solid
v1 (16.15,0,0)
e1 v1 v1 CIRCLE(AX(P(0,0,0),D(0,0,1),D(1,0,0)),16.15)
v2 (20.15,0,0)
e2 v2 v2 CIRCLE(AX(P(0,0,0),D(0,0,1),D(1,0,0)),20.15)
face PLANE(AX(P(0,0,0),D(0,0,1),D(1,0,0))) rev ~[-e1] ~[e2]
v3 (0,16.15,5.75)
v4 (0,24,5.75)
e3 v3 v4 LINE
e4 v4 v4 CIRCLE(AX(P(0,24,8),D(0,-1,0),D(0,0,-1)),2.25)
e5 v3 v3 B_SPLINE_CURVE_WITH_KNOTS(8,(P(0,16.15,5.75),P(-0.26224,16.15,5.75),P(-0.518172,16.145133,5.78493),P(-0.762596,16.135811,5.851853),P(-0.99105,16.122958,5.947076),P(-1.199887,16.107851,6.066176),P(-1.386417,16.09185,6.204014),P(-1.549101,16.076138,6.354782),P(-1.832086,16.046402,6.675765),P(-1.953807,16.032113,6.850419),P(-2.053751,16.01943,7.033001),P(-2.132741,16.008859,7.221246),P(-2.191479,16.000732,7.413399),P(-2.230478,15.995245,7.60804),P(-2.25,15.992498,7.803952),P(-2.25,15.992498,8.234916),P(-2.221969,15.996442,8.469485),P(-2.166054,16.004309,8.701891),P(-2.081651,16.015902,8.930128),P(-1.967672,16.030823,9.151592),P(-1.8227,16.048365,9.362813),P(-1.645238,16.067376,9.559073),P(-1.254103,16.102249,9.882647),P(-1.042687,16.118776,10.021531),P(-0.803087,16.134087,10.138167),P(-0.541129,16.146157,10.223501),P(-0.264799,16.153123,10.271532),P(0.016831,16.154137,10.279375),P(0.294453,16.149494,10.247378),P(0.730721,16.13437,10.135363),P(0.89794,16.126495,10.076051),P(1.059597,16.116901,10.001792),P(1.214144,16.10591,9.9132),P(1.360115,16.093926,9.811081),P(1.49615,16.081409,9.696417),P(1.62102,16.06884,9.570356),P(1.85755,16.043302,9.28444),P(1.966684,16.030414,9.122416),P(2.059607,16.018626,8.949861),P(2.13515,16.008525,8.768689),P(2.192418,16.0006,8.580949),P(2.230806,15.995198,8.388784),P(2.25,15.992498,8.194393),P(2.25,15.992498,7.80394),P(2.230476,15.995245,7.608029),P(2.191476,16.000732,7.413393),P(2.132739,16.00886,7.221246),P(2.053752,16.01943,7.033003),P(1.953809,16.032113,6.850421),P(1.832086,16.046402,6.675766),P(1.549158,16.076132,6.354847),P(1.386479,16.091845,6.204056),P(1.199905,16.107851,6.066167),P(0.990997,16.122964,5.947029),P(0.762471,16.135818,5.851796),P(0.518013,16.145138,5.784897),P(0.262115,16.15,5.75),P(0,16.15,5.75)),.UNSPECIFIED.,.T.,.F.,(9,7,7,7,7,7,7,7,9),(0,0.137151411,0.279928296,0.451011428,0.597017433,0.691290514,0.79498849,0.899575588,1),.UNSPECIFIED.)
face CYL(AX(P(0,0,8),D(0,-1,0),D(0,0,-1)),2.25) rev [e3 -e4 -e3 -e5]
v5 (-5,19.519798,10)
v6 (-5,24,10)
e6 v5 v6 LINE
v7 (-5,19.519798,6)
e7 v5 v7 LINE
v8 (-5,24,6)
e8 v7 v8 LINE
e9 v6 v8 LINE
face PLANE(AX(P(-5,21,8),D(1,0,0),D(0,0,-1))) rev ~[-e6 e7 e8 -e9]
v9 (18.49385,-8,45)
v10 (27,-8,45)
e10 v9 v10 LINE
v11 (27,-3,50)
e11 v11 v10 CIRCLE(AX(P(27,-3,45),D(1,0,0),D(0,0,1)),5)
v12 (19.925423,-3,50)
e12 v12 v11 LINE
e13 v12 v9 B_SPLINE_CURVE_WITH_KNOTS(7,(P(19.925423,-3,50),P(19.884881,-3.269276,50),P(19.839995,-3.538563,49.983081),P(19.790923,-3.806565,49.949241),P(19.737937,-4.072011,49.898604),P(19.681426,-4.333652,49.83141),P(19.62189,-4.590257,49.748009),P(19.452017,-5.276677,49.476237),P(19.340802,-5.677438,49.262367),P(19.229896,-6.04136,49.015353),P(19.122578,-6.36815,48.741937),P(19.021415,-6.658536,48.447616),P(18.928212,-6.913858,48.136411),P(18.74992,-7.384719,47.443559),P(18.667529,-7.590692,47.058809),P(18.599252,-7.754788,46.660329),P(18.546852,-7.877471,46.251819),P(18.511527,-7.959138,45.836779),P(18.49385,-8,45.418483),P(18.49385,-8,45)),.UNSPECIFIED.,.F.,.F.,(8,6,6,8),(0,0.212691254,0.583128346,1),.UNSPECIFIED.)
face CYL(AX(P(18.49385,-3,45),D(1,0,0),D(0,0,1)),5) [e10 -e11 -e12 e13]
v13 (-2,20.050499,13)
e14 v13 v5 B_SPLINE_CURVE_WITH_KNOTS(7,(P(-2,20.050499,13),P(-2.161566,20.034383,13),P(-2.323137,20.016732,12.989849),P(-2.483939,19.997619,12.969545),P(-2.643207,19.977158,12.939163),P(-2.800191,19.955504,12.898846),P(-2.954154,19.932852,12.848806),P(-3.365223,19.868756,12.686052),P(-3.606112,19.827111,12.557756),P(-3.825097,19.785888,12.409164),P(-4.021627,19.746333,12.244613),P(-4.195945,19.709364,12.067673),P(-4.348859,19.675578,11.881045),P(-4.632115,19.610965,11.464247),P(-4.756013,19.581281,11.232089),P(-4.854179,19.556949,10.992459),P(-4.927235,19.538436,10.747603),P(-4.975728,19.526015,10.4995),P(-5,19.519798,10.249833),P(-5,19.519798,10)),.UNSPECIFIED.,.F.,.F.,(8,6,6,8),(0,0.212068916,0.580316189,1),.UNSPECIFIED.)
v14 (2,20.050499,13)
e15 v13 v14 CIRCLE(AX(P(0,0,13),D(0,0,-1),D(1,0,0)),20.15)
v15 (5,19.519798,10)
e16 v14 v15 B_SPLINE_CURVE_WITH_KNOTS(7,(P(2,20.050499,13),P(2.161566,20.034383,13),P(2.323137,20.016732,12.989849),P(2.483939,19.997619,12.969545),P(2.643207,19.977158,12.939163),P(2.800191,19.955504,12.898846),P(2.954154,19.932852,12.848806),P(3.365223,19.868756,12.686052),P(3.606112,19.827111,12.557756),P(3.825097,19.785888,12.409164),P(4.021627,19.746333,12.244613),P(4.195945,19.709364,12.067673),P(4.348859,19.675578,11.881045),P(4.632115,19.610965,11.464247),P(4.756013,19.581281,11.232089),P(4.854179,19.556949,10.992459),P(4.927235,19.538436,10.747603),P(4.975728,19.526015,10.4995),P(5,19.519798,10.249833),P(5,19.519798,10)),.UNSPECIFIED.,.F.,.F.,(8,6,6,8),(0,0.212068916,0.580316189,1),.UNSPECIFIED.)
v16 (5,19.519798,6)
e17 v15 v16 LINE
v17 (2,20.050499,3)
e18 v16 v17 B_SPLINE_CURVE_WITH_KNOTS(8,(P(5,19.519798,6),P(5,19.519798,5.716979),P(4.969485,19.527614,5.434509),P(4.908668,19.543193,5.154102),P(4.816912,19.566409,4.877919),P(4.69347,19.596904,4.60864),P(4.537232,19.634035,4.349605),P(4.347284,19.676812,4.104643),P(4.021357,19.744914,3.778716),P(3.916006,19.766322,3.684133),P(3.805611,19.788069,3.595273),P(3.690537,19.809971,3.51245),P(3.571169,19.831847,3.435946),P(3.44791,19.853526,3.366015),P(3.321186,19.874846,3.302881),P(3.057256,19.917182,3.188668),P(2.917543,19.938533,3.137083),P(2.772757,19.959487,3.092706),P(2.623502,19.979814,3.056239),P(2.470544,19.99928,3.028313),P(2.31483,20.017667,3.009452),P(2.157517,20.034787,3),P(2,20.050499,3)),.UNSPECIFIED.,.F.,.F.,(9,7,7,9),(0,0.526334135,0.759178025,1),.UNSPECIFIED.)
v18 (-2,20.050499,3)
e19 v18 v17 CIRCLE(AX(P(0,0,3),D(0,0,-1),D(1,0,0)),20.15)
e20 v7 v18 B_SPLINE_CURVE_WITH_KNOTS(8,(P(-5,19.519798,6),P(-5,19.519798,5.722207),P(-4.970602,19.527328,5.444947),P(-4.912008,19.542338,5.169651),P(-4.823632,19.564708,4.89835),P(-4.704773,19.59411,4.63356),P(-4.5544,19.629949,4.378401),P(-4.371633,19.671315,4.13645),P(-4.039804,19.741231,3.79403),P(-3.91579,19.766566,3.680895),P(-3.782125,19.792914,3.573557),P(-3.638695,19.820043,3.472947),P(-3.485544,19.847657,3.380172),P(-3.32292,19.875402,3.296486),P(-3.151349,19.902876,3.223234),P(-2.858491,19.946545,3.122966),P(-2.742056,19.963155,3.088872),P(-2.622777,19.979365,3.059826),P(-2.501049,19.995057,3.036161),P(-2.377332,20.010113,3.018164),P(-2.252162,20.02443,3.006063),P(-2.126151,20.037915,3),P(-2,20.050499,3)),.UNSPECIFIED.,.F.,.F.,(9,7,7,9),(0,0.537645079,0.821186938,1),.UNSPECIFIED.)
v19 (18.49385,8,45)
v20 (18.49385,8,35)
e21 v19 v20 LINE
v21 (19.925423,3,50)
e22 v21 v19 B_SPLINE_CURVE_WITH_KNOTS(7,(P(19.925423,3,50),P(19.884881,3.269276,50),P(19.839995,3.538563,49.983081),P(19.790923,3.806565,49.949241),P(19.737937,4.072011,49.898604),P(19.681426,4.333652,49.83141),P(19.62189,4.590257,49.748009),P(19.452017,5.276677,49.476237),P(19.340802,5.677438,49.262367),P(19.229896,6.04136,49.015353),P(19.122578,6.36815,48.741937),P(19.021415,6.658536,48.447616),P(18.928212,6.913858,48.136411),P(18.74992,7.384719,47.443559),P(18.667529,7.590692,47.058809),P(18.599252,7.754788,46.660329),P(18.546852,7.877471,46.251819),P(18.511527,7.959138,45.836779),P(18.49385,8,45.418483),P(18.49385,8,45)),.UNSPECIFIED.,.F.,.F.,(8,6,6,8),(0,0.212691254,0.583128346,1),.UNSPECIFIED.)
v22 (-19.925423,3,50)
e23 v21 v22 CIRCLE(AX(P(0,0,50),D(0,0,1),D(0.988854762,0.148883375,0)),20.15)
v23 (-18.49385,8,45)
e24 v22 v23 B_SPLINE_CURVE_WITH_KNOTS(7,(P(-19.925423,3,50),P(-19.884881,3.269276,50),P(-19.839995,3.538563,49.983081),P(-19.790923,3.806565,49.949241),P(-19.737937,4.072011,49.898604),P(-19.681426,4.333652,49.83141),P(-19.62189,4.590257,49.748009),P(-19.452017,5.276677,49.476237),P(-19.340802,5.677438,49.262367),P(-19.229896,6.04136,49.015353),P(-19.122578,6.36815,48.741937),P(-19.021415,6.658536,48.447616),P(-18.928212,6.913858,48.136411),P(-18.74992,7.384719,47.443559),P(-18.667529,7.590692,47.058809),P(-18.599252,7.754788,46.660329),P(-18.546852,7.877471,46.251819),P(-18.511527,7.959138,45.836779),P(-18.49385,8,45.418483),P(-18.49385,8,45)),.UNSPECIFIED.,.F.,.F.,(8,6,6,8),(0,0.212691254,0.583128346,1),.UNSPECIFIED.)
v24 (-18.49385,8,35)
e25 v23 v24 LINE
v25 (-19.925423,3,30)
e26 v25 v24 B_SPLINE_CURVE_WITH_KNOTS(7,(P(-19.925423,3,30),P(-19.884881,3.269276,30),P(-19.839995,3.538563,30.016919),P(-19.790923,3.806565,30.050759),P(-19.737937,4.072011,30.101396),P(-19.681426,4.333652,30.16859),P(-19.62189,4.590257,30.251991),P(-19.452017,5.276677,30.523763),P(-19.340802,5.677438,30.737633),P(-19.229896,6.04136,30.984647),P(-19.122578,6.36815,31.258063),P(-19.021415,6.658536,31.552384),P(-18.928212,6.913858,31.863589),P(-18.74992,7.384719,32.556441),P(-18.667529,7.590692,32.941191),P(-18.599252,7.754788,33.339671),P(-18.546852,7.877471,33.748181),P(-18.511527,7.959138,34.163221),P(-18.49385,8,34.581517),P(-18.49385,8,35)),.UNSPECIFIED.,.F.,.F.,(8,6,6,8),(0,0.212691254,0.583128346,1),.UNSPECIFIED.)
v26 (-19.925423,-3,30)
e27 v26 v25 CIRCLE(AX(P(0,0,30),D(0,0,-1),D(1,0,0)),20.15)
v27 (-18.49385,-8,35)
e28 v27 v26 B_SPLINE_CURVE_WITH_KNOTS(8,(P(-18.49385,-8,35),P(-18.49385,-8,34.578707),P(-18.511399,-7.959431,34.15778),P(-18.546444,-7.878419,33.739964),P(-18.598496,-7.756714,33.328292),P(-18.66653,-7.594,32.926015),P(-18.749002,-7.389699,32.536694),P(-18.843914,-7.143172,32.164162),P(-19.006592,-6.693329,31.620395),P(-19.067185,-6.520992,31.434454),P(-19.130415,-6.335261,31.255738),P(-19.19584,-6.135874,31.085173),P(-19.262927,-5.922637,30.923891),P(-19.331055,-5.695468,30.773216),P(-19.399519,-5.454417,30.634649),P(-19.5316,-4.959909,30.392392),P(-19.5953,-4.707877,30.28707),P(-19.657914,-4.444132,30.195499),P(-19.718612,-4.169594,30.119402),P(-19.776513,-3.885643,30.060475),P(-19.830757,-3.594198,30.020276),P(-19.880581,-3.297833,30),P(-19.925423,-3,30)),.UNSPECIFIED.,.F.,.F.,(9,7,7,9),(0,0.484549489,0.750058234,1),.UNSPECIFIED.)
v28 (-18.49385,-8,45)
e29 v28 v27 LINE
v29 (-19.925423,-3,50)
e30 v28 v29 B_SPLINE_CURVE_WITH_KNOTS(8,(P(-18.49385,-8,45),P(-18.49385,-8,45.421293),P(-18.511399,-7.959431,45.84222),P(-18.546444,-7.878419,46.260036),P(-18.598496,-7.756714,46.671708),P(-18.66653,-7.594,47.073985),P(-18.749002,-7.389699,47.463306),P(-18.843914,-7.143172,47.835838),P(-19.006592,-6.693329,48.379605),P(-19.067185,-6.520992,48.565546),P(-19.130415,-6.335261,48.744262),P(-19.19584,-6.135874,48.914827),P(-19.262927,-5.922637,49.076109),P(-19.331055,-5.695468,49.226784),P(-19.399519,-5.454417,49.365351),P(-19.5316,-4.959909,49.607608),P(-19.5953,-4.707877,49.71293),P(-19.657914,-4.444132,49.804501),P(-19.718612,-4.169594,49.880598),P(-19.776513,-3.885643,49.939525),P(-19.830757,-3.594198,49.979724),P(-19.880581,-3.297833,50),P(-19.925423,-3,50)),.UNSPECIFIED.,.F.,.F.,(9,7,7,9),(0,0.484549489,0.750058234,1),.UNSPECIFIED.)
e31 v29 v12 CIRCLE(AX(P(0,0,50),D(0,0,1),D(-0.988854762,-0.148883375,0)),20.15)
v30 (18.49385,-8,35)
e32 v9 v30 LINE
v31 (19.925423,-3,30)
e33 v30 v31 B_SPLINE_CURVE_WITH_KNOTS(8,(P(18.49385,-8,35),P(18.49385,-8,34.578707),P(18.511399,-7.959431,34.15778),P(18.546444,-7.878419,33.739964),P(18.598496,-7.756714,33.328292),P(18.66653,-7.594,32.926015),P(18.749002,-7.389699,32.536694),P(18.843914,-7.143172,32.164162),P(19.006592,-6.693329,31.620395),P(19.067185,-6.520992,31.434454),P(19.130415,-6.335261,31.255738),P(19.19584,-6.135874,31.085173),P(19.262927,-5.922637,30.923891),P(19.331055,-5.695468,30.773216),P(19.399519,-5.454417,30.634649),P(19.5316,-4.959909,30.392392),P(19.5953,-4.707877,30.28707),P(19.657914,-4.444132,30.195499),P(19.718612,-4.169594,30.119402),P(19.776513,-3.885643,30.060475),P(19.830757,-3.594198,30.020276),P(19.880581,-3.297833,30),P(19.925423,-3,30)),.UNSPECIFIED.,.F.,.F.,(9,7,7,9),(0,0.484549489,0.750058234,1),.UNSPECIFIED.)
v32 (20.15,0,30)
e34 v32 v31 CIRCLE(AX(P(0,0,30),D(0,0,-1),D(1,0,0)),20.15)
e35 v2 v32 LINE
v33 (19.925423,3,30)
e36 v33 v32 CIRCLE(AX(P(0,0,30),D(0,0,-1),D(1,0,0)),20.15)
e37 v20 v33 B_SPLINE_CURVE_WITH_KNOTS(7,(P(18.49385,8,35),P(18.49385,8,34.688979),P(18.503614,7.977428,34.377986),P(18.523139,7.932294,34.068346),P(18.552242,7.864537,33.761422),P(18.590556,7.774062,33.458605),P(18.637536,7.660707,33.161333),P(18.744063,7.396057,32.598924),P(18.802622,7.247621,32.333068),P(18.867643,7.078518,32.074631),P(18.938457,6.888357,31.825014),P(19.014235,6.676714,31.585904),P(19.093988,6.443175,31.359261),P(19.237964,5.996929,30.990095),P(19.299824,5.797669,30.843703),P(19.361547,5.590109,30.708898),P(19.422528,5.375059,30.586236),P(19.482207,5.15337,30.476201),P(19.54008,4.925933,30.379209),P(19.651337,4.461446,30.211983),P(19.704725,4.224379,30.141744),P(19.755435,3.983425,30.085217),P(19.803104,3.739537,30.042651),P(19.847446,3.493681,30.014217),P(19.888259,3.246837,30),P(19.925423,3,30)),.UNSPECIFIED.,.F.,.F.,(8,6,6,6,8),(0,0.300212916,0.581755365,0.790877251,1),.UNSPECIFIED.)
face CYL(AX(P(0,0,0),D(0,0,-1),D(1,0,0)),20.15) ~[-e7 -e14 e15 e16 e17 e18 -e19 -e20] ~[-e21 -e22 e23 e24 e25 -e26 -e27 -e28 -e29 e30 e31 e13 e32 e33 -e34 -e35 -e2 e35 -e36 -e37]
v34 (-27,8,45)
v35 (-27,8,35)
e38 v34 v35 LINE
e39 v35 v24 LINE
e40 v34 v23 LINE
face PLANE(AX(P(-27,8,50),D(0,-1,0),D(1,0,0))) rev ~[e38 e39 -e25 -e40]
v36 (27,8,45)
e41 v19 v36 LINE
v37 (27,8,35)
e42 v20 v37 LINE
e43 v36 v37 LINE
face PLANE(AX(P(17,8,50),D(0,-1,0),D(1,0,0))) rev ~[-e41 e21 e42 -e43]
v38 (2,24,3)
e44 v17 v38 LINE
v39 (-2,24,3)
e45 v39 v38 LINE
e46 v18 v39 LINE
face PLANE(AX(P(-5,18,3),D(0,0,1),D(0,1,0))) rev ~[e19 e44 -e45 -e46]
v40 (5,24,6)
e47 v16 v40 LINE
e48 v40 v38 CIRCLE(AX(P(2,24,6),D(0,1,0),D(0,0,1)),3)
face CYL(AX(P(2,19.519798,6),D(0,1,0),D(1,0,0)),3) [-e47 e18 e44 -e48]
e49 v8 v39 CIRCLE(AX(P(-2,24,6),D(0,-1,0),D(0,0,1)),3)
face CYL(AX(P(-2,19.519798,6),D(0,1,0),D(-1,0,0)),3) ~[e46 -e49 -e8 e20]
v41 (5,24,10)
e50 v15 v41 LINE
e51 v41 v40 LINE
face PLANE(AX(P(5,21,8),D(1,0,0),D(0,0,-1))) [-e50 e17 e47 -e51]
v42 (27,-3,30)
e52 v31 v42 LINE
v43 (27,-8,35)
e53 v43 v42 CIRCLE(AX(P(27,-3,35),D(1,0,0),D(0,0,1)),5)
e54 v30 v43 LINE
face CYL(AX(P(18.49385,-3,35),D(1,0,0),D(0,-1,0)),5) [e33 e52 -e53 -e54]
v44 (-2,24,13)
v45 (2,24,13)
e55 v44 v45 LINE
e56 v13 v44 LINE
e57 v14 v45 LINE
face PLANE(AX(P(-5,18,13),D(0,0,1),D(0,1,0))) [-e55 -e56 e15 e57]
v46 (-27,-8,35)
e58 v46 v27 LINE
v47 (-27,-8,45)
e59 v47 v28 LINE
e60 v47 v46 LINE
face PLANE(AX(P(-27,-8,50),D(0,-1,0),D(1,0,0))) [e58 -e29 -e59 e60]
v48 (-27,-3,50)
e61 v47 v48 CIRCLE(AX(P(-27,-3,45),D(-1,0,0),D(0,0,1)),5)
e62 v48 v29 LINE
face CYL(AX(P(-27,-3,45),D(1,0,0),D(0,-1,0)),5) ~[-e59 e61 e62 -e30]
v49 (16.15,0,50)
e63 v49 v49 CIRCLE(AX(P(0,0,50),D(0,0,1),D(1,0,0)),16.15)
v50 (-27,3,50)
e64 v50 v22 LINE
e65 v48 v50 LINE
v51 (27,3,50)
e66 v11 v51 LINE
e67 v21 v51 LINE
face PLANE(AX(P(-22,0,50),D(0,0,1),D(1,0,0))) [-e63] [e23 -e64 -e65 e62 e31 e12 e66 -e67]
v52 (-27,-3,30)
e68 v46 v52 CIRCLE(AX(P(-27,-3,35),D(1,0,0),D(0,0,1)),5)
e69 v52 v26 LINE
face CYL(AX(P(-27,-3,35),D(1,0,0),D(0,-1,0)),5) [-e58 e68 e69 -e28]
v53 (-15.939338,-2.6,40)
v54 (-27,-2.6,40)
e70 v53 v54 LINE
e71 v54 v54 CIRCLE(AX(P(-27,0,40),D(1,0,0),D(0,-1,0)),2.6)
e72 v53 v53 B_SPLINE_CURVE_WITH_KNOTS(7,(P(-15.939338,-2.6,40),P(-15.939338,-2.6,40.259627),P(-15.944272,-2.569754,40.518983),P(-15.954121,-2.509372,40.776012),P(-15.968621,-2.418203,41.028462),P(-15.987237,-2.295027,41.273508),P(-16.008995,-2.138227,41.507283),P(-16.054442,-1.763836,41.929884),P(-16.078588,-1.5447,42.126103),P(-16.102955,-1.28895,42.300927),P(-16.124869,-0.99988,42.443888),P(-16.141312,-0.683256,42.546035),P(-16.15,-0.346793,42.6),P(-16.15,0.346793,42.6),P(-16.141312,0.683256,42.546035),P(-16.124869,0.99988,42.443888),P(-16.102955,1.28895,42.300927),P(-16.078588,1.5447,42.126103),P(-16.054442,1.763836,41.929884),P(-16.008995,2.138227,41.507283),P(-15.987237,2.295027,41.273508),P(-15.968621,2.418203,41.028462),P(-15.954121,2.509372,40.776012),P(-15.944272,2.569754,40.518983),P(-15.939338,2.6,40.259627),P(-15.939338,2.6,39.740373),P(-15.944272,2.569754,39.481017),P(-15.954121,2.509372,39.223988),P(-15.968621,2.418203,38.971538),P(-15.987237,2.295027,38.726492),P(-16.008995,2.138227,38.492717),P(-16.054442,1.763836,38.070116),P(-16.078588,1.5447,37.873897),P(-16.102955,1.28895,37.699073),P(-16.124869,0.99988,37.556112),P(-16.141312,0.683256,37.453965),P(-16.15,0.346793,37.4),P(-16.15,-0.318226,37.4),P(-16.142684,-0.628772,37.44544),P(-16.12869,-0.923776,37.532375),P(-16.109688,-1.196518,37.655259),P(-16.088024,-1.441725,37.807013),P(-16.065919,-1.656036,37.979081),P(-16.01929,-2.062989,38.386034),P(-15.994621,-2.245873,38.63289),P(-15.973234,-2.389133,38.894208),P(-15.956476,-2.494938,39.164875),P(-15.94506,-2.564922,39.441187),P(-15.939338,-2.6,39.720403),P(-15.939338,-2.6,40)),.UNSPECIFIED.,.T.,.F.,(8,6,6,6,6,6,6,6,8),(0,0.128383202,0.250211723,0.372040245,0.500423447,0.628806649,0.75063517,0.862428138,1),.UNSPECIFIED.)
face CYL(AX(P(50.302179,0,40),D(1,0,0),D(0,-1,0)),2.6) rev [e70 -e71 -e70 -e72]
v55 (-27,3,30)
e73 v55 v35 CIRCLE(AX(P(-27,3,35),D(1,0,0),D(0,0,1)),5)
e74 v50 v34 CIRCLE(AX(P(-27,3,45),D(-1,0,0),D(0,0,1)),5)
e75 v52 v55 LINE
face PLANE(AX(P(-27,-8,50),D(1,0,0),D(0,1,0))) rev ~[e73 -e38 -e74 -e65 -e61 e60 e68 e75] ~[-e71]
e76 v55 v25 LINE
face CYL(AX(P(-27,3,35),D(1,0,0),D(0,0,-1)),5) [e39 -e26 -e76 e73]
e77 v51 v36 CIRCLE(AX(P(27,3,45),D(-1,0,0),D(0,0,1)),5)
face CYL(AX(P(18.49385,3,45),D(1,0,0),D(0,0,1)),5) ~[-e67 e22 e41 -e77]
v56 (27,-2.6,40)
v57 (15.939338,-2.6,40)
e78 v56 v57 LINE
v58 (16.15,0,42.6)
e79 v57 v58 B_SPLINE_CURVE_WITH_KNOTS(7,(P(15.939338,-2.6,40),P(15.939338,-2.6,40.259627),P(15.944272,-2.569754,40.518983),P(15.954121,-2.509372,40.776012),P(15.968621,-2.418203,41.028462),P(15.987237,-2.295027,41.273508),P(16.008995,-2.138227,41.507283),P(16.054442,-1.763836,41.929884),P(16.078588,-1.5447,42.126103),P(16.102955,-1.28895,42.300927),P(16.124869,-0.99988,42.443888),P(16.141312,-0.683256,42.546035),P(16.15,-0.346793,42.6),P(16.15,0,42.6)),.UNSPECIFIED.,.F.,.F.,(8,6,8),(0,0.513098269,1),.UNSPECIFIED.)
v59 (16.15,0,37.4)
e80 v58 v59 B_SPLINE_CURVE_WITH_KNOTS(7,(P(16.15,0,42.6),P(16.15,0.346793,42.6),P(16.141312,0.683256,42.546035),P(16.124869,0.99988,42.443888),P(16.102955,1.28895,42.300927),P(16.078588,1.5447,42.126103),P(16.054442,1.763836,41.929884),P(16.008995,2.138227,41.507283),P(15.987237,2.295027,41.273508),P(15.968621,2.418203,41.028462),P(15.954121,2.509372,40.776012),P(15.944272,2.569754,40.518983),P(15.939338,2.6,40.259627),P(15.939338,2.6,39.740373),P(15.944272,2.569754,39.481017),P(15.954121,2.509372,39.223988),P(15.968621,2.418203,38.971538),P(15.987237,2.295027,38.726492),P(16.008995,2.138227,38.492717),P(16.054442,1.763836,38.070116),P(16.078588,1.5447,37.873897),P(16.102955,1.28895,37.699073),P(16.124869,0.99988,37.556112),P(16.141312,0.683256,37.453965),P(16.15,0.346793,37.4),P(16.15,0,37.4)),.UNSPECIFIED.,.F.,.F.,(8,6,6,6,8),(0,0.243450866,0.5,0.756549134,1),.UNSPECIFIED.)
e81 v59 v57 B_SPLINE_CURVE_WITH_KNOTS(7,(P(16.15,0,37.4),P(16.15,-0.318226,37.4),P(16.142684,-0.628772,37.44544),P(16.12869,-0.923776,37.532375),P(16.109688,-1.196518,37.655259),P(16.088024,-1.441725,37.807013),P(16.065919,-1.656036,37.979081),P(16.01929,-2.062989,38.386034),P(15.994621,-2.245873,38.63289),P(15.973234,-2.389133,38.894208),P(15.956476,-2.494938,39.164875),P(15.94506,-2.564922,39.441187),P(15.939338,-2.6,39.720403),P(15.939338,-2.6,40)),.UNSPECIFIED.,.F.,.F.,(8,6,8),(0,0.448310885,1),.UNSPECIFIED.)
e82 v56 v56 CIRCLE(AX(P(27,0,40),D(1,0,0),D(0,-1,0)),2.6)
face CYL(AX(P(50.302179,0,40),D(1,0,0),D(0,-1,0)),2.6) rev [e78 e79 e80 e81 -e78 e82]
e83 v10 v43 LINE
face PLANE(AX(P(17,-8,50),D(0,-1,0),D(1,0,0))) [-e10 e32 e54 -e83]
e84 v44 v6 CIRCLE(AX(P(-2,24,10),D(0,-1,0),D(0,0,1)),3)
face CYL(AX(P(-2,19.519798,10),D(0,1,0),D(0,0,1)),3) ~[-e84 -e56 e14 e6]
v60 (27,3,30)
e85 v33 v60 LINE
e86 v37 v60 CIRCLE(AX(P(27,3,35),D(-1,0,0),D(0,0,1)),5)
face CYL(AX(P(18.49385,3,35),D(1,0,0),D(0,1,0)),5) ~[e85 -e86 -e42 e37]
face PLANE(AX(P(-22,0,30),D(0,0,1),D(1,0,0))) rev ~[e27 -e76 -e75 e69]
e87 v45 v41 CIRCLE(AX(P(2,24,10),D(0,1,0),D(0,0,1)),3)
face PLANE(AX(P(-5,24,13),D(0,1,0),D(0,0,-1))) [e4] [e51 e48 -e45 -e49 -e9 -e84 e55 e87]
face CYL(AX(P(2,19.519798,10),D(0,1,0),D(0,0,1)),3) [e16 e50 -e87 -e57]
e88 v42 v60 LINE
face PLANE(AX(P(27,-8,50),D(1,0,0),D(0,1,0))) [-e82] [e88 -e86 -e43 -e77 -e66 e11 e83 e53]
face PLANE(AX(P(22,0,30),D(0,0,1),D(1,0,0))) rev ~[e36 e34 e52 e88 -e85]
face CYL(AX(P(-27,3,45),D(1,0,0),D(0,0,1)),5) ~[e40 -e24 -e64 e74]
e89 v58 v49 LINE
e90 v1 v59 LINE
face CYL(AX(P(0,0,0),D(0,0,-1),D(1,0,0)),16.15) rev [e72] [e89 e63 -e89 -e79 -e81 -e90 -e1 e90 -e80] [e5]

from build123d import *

# Parameters (mm, degrees)
ESQUISSE1_R                  = 20.15
ESQUISSE1_R_2                = 16.15
BOSS_EXTRU_1_DEPTH           = 50
ESQUISSE2_W                  = 10
ESQUISSE2_H                  = 16
BOSS_EXTRU_2_DEPTH           = 20
ENL_V_MAT_EXTRU_1_DEPTH      = 77.302178868
ENL_V_MAT_EXTRU_1_DEPTH_BACK = 77.302178868
ESQUISSE3_R                  = 2.6
CONG_1_R                     = 5
BOSS_EXTRU_3_DEPTH           = 5
BOSS_EXTRU_3_DEPTH_BACK      = 5
ESQUISSE5_W                  = 10
ESQUISSE5_H                  = 6
ESQUISSE4_R                  = 2.25
ENL_V_MAT_EXTRU_2_DEPTH      = 62.684682178
CONG_2_R                     = 3


with BuildPart() as part:
    # Esquisse1 → Boss.-Extru.1 (new body)
    with BuildSketch(Plane.XY):
        Circle(ESQUISSE1_R)
        Circle(ESQUISSE1_R_2, mode=Mode.SUBTRACT)
    extrude(amount=BOSS_EXTRU_1_DEPTH)

    # Esquisse2 → Boss.-Extru.2 (add)
    with BuildSketch(Plane.XY.offset(50)):
        with Locations((-22, 0)):
            Rectangle(ESQUISSE2_W, ESQUISSE2_H)
        with Locations((22, 0)):
            Rectangle(ESQUISSE2_W, ESQUISSE2_H)
    extrude(amount=-BOSS_EXTRU_2_DEPTH)

    # Esquisse3 → Enlèv. mat.-Extru.1 (cut, two sides: drawn at the far end of the back side and taken through both)
    with BuildSketch(Plane.ZY.offset(27).offset(-ENL_V_MAT_EXTRU_1_DEPTH_BACK)):
        with Locations(Location((40, 0, 0), (0, 0, 270))):
            Circle(ESQUISSE3_R)
    extrude(amount=ENL_V_MAT_EXTRU_1_DEPTH + ENL_V_MAT_EXTRU_1_DEPTH_BACK, mode=Mode.SUBTRACT)

    # Congé1
    cong_1_edges = [part.edges().sort_by_distance(p)[0] for p in [
        (22.746925165, 8, 30),
        (22.746925165, -8, 30),
        (22.746925165, 8, 50),
        (22.746925165, -8, 50),
        (-22.746925165, 8, 30),
        (-22.746925165, -8, 30),
        (-22.746925165, 8, 50),
        (-22.746925165, -8, 50),
    ]]
    fillet(cong_1_edges, radius=CONG_1_R)

    # Esquisse5 → Boss.-Extru.3 (add, two sides: drawn at the far end of the back side and taken through both)
    with BuildSketch(Plane(origin=(0, 0, 0), x_dir=(0, 0, -1), z_dir=(1, 0, 0)).offset(-BOSS_EXTRU_3_DEPTH_BACK)):
        with Locations((-8, 21)):
            Rectangle(ESQUISSE5_W, ESQUISSE5_H)
    extrude(amount=BOSS_EXTRU_3_DEPTH + BOSS_EXTRU_3_DEPTH_BACK)

    # Esquisse4 → Enlèv. mat.-Extru.2 (cut, through all)
    with BuildSketch(Plane(origin=(0, 0, 0), x_dir=(1, 0, 0), z_dir=(0, 1, 0))):
        with Locations(Location((0, -8, 0), (0, 0, 90))):
            Circle(ESQUISSE4_R)
    extrude(amount=ENL_V_MAT_EXTRU_2_DEPTH, mode=Mode.SUBTRACT)

    # Congé2
    cong_2_edges = [part.edges().sort_by_distance(p)[0] for p in [
        (5, 21.759898821, 3),
        (5, 21.759898821, 13),
        (-5, 21.759898821, 13),
        (-5, 21.759898821, 3),
    ]]
    fillet(cong_2_edges, radius=CONG_2_R)


solid = part.part
